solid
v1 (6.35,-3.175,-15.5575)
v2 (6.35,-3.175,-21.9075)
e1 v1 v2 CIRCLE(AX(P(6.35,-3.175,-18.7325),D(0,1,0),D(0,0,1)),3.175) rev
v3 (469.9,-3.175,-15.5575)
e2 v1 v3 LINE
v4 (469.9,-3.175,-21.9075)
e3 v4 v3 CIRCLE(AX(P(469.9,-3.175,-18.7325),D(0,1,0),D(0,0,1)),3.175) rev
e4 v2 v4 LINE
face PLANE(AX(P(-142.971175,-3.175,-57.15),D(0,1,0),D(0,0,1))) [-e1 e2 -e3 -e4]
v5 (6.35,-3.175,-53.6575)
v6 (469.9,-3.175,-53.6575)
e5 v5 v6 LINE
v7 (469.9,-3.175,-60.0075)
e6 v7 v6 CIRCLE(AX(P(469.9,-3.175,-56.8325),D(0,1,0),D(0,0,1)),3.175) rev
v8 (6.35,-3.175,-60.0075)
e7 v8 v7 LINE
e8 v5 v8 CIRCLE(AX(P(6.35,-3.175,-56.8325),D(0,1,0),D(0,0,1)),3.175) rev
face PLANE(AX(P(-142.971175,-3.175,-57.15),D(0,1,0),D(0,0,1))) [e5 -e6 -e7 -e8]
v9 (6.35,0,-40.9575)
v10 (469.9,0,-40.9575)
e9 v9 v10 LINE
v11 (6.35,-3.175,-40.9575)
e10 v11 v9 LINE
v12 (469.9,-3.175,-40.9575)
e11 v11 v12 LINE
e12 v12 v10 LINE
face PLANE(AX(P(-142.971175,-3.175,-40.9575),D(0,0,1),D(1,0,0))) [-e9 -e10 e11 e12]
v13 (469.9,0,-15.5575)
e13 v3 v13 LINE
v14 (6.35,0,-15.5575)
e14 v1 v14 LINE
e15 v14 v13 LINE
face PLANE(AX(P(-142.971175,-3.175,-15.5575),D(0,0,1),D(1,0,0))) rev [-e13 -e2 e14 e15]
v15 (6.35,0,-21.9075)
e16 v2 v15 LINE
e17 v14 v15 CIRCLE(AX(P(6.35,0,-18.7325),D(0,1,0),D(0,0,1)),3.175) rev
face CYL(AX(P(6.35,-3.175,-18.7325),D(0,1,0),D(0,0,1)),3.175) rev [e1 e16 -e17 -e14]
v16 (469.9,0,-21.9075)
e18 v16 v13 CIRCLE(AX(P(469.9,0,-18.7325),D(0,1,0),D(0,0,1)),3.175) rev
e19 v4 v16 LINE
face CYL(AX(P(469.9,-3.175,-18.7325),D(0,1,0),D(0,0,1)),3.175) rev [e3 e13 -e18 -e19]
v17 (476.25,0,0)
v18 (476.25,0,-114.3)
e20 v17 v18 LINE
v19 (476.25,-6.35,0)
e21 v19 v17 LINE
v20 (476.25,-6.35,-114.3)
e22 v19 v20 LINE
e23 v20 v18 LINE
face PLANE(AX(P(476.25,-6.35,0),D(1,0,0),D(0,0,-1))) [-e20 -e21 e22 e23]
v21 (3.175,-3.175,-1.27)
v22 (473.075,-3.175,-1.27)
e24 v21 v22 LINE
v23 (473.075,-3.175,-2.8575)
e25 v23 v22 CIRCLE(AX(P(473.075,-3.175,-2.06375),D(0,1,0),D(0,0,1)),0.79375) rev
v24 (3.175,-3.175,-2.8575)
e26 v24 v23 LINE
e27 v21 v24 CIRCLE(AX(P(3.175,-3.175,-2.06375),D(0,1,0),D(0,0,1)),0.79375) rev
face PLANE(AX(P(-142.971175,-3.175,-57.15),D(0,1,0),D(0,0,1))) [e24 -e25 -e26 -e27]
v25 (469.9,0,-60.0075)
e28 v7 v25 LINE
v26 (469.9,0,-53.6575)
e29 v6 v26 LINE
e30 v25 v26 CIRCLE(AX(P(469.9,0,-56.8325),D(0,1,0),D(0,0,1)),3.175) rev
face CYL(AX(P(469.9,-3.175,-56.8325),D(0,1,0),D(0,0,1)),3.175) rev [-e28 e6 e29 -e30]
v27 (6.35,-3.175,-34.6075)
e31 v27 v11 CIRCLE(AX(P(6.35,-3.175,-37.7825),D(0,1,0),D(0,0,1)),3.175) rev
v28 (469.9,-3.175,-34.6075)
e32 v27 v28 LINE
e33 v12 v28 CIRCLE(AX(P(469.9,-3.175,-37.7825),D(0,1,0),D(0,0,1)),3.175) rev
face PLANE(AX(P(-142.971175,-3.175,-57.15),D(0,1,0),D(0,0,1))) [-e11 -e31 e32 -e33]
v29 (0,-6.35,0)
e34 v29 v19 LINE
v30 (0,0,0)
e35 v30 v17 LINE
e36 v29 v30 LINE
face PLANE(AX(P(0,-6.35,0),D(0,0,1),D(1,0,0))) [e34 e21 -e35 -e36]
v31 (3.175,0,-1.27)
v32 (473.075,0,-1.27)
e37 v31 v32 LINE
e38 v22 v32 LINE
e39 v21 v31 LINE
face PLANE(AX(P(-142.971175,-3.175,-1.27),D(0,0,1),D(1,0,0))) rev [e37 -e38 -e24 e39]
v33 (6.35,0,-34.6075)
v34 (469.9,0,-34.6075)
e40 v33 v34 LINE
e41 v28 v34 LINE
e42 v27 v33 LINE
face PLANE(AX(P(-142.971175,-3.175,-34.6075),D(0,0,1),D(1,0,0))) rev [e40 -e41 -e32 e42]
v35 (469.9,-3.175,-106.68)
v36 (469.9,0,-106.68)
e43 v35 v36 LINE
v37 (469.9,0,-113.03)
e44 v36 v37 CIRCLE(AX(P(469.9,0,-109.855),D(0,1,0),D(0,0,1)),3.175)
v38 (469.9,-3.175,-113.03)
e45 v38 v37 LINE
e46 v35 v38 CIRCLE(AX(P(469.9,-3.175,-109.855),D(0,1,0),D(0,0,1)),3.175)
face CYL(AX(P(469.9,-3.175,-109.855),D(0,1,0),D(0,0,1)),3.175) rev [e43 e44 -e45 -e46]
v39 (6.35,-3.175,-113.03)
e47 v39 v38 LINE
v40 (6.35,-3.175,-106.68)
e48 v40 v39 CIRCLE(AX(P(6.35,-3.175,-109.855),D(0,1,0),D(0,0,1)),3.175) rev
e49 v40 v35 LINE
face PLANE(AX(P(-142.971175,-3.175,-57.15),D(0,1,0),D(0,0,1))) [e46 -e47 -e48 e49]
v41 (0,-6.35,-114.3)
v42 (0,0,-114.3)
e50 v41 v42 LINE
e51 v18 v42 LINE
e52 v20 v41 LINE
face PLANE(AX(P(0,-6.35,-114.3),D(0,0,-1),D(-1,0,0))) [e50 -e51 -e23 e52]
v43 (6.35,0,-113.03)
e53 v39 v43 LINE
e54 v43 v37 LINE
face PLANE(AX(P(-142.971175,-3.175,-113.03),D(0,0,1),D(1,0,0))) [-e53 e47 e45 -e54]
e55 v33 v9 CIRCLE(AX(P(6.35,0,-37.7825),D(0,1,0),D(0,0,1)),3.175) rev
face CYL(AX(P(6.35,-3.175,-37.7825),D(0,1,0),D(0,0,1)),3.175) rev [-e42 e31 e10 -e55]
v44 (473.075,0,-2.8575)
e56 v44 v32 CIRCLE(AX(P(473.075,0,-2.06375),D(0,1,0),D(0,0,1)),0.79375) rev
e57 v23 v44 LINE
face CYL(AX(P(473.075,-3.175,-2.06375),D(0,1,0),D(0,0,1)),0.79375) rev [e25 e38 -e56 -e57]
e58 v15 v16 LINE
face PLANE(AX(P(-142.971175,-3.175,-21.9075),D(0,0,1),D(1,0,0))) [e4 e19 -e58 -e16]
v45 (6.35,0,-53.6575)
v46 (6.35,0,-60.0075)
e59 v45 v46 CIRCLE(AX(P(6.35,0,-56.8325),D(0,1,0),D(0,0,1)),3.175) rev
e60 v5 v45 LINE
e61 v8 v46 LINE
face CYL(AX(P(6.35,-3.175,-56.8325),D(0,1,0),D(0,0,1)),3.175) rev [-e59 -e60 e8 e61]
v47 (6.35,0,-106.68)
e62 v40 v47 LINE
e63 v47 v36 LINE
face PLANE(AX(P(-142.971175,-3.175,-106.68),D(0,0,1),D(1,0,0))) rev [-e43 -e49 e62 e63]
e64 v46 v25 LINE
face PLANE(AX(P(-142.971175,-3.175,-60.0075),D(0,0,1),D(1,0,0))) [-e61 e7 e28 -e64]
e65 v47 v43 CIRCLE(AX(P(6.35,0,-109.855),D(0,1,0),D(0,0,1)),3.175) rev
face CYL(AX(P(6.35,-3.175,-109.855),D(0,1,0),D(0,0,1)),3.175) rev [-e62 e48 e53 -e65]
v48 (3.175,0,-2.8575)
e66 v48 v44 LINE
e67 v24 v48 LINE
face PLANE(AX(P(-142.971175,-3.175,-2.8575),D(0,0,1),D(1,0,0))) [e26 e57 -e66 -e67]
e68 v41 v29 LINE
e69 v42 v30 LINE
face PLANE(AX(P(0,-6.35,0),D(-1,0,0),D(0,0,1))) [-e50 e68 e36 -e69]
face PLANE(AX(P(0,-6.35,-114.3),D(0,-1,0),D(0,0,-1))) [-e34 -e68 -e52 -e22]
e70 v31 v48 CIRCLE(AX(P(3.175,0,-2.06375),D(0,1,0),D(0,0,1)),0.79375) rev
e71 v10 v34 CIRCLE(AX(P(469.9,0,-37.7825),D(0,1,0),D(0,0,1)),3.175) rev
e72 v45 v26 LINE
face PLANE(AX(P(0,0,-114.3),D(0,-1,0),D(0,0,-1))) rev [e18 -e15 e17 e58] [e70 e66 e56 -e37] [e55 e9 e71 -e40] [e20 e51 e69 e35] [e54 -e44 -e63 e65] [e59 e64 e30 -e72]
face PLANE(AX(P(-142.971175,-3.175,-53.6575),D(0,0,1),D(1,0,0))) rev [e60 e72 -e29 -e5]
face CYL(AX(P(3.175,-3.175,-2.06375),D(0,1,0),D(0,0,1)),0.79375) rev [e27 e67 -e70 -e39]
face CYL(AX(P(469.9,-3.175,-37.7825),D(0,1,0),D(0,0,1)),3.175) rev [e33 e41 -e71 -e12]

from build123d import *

# Parameters (mm, degrees)
SKETCH1_W           = 476.25
SKETCH1_H           = 114.3
BOSS_EXTRUDE1_DEPTH = 6.35
CUT_EXTRUDE1_DEPTH  = 3.175
SKETCH2_3_W         = 463.55
SKETCH2_3_H         = 6.35
SKETCH2_3_W_2       = 469.9
SKETCH2_3_H_2       = 1.5875
CUT_EXTRUDE2_DEPTH  = 3.175


with BuildPart() as part:
    # Sketch1 → Boss-Extrude1 (new body)
    with BuildSketch(Plane(origin=(0, 0, 0), x_dir=(1, 0, 0), z_dir=(0, 1, 0))):
        with Locations((238.125, 57.15)):
            Rectangle(SKETCH1_W, SKETCH1_H)
    extrude(amount=-BOSS_EXTRUDE1_DEPTH)

    # Sketch2 → Cut-Extrude1 (cut)
    with BuildSketch(Plane(origin=(0, 0, 0), x_dir=(1, 0, 0), z_dir=(0, 1, 0))):
        with BuildLine():
            Line((6.35, 15.5575), (6.35, 21.9075))
            ThreePointArc((6.35, 21.9075), (3.175, 18.7325), (6.35, 15.5575))
        make_face()
        with BuildLine():
            ThreePointArc((469.9, 15.5575), (473.075, 18.7325), (469.9, 21.9075))
            Line((469.9, 21.9075), (469.9, 15.5575))
        make_face()
        with BuildLine():
            Line((469.9, 40.9575), (6.35, 40.9575))
            ThreePointArc((6.35, 40.9575), (3.175, 37.7825), (6.35, 34.6075))
            Line((6.35, 34.6075), (469.9, 34.6075))
            ThreePointArc((469.9, 34.6075), (473.075, 37.7825), (469.9, 40.9575))
        make_face()
        with BuildLine():
            Line((469.9, 60.0075), (6.35, 60.0075))
            ThreePointArc((6.35, 60.0075), (3.175, 56.8325), (6.35, 53.6575))
            Line((6.35, 53.6575), (469.9, 53.6575))
            ThreePointArc((469.9, 53.6575), (473.075, 56.8325), (469.9, 60.0075))
        make_face()
        with BuildLine():
            Line((3.175, 1.27), (3.175, 2.8575))
            ThreePointArc((3.175, 2.8575), (2.38125, 2.06375), (3.175, 1.27))
        make_face()
        with BuildLine():
            ThreePointArc((473.075, 1.27), (473.86875, 2.06375), (473.075, 2.8575))
            Line((473.075, 2.8575), (473.075, 1.27))
        make_face()
        with BuildLine():
            Line((469.9, 113.03), (6.35, 113.03))
            ThreePointArc((6.35, 113.03), (3.175, 109.855), (6.35, 106.68))
            Line((6.35, 106.68), (469.9, 106.68))
            ThreePointArc((469.9, 106.68), (473.075, 109.855), (469.9, 113.03))
        make_face()
    extrude(amount=-CUT_EXTRUDE1_DEPTH, mode=Mode.SUBTRACT)

    # Sketch2<3> → Cut-Extrude2 (cut)
    with BuildSketch(Plane(origin=(0, 0, 0), x_dir=(1, 0, 0), z_dir=(0, 1, 0))):
        with Locations((238.125, 18.7325)):
            Rectangle(SKETCH2_3_W, SKETCH2_3_H)
        with Locations((238.125, 2.06375)):
            Rectangle(SKETCH2_3_W_2, SKETCH2_3_H_2)
    extrude(amount=-CUT_EXTRUDE2_DEPTH, mode=Mode.SUBTRACT)


solid = part.part
